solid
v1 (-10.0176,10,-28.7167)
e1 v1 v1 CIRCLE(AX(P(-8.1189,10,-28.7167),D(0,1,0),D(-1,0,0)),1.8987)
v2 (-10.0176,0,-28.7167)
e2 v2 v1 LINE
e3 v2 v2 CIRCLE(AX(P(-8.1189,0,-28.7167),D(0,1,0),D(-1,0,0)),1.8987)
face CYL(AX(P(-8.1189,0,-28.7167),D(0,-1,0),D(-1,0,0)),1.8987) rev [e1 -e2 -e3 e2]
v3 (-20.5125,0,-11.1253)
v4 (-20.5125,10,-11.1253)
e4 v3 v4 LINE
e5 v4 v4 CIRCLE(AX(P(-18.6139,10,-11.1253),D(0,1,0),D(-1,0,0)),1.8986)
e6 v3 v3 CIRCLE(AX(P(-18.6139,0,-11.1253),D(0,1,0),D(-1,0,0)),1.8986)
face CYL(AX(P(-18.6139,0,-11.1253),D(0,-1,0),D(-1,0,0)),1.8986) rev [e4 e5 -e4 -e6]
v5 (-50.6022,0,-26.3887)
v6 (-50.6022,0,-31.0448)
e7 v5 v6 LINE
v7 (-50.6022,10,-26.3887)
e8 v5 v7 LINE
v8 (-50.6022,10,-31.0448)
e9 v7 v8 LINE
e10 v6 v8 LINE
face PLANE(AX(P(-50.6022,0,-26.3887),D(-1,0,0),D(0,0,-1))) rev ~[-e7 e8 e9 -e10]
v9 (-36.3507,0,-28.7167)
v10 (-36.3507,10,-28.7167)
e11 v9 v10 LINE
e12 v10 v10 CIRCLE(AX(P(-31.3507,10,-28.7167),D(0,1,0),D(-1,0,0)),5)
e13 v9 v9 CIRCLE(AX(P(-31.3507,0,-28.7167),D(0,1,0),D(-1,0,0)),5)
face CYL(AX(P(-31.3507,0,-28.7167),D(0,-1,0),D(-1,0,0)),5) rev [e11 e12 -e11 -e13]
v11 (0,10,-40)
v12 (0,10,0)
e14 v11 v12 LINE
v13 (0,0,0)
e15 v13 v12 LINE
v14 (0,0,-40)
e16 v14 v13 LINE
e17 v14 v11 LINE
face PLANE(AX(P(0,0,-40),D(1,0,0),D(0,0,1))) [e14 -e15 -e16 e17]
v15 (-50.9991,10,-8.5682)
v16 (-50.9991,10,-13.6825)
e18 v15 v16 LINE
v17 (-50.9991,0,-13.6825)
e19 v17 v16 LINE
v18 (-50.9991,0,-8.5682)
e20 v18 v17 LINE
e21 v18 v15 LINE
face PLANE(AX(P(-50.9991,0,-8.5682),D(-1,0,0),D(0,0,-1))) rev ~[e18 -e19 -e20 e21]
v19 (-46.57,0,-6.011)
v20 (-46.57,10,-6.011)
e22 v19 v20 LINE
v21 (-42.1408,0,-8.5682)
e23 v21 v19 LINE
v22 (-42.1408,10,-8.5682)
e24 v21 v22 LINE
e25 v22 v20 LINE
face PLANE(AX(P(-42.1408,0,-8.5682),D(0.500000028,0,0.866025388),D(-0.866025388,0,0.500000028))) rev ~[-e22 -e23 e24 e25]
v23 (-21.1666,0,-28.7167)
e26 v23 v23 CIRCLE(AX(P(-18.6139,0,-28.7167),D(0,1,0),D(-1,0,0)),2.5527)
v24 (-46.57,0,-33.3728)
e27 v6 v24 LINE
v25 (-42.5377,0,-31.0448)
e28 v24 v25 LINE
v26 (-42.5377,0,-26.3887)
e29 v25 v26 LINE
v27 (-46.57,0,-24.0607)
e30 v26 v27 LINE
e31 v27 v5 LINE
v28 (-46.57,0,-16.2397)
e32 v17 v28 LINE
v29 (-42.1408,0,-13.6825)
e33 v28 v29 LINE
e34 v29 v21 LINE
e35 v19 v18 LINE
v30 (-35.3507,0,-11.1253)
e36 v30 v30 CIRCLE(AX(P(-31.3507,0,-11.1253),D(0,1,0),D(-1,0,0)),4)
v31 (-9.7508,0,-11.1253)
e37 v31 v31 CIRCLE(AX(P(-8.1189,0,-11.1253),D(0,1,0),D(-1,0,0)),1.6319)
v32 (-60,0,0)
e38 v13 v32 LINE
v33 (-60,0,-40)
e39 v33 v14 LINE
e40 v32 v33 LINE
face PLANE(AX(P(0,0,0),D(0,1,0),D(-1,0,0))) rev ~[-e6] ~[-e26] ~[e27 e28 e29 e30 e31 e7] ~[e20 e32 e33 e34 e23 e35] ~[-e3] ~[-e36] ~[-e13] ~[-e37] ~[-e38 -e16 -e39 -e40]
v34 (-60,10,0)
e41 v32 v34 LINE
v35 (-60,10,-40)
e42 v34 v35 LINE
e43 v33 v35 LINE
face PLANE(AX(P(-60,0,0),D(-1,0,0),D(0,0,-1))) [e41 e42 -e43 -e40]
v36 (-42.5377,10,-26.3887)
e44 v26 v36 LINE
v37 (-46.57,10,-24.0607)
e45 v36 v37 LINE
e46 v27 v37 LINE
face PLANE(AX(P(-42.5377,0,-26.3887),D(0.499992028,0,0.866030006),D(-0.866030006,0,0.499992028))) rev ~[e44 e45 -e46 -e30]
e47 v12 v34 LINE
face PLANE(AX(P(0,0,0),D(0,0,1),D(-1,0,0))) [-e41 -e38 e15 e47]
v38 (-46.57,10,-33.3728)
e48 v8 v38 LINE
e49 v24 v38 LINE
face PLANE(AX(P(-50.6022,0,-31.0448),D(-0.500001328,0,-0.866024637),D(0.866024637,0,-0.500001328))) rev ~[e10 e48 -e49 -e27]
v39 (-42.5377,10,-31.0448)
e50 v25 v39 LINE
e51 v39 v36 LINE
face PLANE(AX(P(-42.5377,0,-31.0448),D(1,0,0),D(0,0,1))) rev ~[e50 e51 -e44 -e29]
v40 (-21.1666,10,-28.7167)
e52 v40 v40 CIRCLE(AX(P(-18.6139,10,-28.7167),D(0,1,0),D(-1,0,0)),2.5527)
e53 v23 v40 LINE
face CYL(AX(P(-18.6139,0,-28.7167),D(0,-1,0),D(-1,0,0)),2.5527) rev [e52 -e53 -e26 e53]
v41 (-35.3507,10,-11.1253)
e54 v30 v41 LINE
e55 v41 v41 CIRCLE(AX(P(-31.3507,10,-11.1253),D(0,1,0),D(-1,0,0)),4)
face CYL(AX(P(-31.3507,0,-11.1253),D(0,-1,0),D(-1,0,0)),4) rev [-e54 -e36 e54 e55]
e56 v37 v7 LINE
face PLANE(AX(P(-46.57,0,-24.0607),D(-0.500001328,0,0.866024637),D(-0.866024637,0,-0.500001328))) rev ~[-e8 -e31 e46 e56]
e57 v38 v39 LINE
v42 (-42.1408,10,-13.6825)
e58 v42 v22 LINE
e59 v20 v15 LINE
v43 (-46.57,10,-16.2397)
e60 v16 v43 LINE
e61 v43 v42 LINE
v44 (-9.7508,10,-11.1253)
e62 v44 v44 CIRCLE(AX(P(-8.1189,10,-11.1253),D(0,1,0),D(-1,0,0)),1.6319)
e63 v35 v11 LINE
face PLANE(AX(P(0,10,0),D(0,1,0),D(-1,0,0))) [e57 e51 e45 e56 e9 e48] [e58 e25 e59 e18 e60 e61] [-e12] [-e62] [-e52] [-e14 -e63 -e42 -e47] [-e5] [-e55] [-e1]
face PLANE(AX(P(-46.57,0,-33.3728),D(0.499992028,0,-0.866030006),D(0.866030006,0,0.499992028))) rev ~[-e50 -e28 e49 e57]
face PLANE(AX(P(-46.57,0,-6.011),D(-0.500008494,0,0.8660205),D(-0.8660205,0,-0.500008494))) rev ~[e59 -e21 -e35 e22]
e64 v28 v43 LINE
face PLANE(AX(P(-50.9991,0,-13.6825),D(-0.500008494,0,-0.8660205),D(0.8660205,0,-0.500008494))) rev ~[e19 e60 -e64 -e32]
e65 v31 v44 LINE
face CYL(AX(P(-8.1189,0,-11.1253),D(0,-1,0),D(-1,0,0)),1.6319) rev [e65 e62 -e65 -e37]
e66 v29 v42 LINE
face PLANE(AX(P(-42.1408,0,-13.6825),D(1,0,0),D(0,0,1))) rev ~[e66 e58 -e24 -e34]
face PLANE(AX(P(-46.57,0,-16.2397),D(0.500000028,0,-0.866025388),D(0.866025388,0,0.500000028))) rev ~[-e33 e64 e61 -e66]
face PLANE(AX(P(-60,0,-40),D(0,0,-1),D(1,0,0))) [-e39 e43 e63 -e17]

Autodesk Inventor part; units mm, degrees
ref_plane "YZ Plane" through (0, 0, 0) normal (1, 0, 0) x (0, 1, 0)
ref_plane "XZ Plane" through (0, 0, 0) normal (0, 1, 0) x (-1, 0, 0)
ref_plane "XY Plane" through (0, 0, 0) normal (0, 0, 1) x (1, 0, 0)
sketch "Sketch1" plane through (0, 0, 0) normal (0, 1, 0) x (-1, 0, 0)
  line L0 (0, 0) -> (60, 0)
  line L1 (60, 0) -> (60, -40)
  line L2 (60, -40) -> (0, -40)
  line L3 (0, -40) -> (0, 0)
  line L4 (50.9991, -13.6825) -> (46.57, -16.2397)
  line L5 (46.57, -16.2397) -> (42.1408, -13.6825)
  line L6 (42.1408, -13.6825) -> (42.1408, -8.5682)
  line L7 (42.1408, -8.5682) -> (46.57, -6.011)
  line L8 (46.57, -6.011) -> (50.9991, -8.5682)
  line L9 (50.9991, -8.5682) -> (50.9991, -13.6825)
  line L10 (50.6022, -31.0448) -> (46.57, -33.3728)
  line L11 (46.57, -33.3728) -> (42.5377, -31.0448)
  line L12 (42.5377, -31.0448) -> (42.5377, -26.3887)
  line L13 (42.5377, -26.3887) -> (46.57, -24.0607)
  line L14 (46.57, -24.0607) -> (50.6022, -26.3887)
  line L15 (50.6022, -26.3887) -> (50.6022, -31.0448)
  line L16 (46.57, 0) -> (46.57, -40) construction
  line L17 (60, -11.1253) -> (0, -11.1253) construction
  line L18 (0, -28.7167) -> (60, -28.7167) construction
  line L19 (31.3507, 0) -> (31.3507, -40) construction
  circle A0 centre (31.3507, -11.1253) radius 4
  circle A1 centre (31.3507, -28.7167) radius 5
  line L20 (18.6139, 0) -> (18.6139, -40) construction
  circle A2 centre (18.6139, -11.1253) radius 1.8986
  circle A3 centre (18.6139, -28.7167) radius 2.5527
  line L21 (8.1189, 0) -> (8.1189, -40) construction
  circle A4 centre (8.1189, -11.1253) radius 1.6319
  circle A5 centre (8.1189, -28.7167) radius 1.8987
  point P0 (46.57, -11.1253)
  point P1 (46.57, -28.7167)
  dimension "d0" = 60
  dimension "d1" = 40
  dimension "d2" = 8.8582
  dimension "d3" = 8.0645
  dimension "d4" = 8
  dimension "d5" = 10
  dimension "d6" = 3.7973
  dimension "d7" = 5.1054
  dimension "d8" = 3.2639
  dimension "d9" = 3.7973
  dimension "d23" = 9.3121
  dimension "d24" = 10.2286
extrude "Extrusion1" add sketch "Sketch1" along normal blind 10
properties part number "DimensionalCalibration"
